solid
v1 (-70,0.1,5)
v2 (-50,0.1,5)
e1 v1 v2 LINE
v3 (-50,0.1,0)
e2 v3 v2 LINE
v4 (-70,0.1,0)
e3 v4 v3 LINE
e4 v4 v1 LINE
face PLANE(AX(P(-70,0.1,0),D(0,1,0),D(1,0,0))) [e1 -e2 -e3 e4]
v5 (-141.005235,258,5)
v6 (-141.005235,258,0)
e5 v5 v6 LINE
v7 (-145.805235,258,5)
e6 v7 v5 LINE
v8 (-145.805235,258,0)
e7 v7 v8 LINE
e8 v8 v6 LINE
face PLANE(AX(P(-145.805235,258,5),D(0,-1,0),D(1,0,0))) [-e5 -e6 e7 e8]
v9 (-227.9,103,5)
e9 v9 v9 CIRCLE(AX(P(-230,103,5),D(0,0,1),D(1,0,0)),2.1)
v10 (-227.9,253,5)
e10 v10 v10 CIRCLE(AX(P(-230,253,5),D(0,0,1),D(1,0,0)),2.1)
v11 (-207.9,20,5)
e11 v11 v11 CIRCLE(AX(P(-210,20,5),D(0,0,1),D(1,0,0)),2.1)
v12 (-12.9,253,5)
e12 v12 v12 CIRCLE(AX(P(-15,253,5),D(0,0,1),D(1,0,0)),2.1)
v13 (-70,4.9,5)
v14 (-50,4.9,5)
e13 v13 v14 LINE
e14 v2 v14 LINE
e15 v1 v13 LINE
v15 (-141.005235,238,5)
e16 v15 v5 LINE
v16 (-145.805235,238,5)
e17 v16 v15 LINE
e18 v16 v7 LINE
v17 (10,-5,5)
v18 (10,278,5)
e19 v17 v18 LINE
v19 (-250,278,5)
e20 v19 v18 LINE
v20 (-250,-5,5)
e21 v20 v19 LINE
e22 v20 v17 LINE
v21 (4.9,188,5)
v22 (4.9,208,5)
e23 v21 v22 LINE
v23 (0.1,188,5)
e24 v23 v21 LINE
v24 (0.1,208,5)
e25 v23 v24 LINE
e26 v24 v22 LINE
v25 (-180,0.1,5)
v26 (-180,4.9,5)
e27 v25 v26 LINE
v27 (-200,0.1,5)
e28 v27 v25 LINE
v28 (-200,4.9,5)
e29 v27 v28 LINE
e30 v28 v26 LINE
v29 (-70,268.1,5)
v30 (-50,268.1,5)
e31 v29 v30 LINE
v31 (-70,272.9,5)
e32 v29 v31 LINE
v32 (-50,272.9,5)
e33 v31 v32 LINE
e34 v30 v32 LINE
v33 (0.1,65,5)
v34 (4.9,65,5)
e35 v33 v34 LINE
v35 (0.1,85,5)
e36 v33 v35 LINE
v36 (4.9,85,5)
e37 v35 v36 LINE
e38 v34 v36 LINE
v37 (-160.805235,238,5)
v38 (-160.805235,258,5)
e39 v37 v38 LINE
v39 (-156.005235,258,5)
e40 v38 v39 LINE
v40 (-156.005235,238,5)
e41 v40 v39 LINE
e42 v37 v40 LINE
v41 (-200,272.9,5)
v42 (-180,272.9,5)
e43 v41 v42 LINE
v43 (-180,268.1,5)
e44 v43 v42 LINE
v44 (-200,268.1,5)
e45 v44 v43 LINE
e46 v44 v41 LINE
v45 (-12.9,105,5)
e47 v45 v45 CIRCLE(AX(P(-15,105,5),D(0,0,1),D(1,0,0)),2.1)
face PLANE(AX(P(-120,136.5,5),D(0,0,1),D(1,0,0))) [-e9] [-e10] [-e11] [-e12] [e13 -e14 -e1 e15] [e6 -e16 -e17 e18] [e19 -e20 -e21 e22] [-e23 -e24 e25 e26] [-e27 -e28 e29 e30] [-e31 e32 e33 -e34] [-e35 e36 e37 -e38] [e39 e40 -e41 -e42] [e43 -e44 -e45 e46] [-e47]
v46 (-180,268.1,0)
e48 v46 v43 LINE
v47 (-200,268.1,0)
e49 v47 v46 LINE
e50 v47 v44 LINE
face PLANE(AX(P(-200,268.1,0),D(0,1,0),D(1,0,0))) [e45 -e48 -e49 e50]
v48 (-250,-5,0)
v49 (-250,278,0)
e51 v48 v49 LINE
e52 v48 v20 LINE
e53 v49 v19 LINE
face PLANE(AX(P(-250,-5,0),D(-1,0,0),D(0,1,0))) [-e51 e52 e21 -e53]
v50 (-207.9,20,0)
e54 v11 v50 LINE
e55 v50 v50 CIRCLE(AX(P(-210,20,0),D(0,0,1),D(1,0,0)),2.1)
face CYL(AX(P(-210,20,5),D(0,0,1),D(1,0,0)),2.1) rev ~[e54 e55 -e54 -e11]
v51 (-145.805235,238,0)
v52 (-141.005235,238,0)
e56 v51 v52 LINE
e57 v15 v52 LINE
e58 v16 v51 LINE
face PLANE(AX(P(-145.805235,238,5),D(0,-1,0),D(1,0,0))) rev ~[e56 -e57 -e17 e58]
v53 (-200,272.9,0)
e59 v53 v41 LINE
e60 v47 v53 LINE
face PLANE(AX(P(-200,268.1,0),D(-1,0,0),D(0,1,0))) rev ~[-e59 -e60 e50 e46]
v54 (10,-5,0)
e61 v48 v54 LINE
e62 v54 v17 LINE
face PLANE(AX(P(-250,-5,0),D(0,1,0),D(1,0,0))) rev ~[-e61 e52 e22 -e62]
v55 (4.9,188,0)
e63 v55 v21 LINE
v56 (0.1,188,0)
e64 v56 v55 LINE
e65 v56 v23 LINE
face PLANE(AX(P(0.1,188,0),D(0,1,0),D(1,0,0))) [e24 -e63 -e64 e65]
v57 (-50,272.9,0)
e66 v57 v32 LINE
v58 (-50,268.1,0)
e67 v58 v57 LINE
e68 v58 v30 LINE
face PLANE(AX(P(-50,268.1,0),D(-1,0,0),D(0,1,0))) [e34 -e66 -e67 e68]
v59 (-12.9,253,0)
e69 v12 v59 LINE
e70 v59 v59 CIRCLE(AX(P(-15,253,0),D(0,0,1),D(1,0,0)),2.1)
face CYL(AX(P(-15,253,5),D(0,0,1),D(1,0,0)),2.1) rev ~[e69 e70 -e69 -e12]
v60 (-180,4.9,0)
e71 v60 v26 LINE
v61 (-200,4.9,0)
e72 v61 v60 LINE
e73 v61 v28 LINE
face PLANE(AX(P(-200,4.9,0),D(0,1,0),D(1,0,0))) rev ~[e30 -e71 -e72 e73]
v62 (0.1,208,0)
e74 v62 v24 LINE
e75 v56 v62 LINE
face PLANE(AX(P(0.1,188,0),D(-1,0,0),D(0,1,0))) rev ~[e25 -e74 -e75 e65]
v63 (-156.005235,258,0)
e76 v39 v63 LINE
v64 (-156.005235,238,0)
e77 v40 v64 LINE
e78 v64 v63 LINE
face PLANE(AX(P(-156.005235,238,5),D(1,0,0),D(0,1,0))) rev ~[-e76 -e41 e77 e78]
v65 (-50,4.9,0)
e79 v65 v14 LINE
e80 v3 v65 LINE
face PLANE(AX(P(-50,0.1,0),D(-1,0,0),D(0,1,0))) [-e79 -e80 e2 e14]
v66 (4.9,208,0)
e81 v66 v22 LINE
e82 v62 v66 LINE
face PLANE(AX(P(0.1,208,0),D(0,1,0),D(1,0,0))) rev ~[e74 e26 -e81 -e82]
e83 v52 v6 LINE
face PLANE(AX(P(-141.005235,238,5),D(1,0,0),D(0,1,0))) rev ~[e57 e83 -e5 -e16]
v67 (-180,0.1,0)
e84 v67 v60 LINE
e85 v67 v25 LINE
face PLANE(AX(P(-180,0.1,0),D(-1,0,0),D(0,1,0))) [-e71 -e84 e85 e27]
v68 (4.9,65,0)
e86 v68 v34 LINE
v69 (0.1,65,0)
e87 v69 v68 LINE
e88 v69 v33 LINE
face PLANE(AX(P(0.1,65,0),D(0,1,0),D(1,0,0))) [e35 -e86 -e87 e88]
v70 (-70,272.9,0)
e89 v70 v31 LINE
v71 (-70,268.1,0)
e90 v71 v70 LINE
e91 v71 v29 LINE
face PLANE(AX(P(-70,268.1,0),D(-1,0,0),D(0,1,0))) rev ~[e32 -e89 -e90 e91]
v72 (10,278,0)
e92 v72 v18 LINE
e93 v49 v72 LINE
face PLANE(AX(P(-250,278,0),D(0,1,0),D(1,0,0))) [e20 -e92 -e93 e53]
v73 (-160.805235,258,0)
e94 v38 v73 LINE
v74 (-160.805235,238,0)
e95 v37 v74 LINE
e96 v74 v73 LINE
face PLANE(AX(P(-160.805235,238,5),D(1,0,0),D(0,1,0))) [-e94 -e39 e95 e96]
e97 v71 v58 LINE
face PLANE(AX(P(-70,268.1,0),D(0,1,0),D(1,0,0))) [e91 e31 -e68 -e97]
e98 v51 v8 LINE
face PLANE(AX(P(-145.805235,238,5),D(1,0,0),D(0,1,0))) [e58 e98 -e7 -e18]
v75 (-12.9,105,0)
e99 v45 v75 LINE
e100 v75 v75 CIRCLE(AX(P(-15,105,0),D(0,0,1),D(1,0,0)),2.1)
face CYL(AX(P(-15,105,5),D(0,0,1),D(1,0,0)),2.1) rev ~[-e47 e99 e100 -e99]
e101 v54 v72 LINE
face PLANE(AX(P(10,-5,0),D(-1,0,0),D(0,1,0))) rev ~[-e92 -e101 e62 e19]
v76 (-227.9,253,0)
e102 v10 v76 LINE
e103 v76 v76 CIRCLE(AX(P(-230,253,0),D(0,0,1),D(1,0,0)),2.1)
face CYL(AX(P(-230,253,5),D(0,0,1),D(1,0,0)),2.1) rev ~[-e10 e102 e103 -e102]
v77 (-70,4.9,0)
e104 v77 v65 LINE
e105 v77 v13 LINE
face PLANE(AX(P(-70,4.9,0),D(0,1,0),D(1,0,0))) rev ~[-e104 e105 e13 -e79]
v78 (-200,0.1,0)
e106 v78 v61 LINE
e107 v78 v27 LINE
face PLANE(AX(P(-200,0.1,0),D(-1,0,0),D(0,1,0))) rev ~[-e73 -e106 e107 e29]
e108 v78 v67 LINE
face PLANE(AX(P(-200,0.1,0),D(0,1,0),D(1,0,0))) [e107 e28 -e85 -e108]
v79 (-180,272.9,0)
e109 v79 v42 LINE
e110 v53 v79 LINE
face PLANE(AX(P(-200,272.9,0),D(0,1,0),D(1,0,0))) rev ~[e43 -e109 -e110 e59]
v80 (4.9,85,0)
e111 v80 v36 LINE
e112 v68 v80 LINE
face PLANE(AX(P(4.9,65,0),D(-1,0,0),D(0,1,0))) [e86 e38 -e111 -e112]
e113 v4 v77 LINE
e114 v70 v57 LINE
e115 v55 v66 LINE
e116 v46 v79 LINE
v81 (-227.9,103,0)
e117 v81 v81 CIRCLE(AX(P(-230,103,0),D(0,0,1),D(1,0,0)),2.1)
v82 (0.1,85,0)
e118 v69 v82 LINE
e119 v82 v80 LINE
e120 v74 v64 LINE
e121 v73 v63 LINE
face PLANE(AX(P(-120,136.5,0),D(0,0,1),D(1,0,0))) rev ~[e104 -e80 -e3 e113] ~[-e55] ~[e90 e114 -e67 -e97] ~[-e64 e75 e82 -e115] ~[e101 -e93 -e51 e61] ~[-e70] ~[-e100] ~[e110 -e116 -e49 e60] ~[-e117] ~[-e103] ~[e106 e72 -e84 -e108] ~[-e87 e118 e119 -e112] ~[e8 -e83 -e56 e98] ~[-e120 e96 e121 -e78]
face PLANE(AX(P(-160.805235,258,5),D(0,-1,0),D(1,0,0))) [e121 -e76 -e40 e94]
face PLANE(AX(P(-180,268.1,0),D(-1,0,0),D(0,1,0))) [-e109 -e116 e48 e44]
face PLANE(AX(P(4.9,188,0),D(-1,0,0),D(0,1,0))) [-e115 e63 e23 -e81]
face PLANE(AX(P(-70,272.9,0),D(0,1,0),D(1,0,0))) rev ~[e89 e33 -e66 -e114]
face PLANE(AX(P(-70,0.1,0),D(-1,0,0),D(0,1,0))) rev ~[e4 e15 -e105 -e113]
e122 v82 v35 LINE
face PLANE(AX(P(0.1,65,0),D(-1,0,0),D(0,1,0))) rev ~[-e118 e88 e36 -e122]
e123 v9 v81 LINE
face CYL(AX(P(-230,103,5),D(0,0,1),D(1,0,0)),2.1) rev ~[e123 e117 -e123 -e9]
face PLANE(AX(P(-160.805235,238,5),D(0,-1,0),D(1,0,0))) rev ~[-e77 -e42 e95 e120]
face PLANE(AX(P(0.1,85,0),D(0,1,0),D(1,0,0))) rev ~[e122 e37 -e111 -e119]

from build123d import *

# Parameters (mm, degrees)
SKETCH1_W           = 260
SKETCH1_H           = 283
SKETCH1_W_2         = 20
SKETCH1_H_2         = 4.8
SKETCH1_W_3         = 4.8
SKETCH1_H_3         = 20
BOSS_EXTRUDE1_DEPTH = 5
SKETCH2_W           = 4.8
SKETCH2_H           = 20
CUT_EXTRUDE1_DEPTH  = 5
SKETCH3_R           = 2.1
CUT_EXTRUDE2_DEPTH  = 5
SKETCH4_R           = 2.1
CUT_EXTRUDE3_DEPTH  = 5
SKETCH5_R           = 2.1
CUT_EXTRUDE4_DEPTH  = 5
SKETCH6_R           = 2.1
CUT_EXTRUDE5_DEPTH  = 5


with BuildPart() as part:
    # Sketch1 → Boss-Extrude1 (new body)
    with BuildSketch(Plane.XY):
        with Locations((-120, 136.5)):
            Rectangle(SKETCH1_W, SKETCH1_H)
        with Locations((-190, 2.5)):
            Rectangle(SKETCH1_W_2, SKETCH1_H_2, mode=Mode.SUBTRACT)
        with Locations((-60, 2.5)):
            Rectangle(SKETCH1_W_2, SKETCH1_H_2, mode=Mode.SUBTRACT)
        with Locations((2.5, 75)):
            Rectangle(SKETCH1_W_3, SKETCH1_H_3, mode=Mode.SUBTRACT)
        with Locations((2.5, 198)):
            Rectangle(SKETCH1_W_3, SKETCH1_H_3, mode=Mode.SUBTRACT)
        with Locations((-60, 270.5)):
            Rectangle(SKETCH1_W_2, SKETCH1_H_2, mode=Mode.SUBTRACT)
        with Locations((-190, 270.5)):
            Rectangle(SKETCH1_W_2, SKETCH1_H_2, mode=Mode.SUBTRACT)
    extrude(amount=BOSS_EXTRUDE1_DEPTH)

    # Sketch2 → Cut-Extrude1 (cut)
    with BuildSketch(Plane.XY.offset(5)):
        with Locations((-143.405234687, 248)):
            Rectangle(SKETCH2_W, SKETCH2_H)
        with Locations((-158.405234687, 248)):
            Rectangle(SKETCH2_W, SKETCH2_H)
    extrude(amount=-CUT_EXTRUDE1_DEPTH, mode=Mode.SUBTRACT)

    # Sketch3 → Cut-Extrude2 (cut)
    with BuildSketch(Plane.XY.offset(5)):
        with Locations((-230, 253)):
            Circle(SKETCH3_R)
        with Locations((-15, 253)):
            Circle(SKETCH3_R)
    extrude(amount=-CUT_EXTRUDE2_DEPTH, mode=Mode.SUBTRACT)

    # Sketch4 → Cut-Extrude3 (cut)
    with BuildSketch(Plane.XY.offset(5)):
        with Locations((-210, 20)):
            Circle(SKETCH4_R)
    extrude(amount=-CUT_EXTRUDE3_DEPTH, mode=Mode.SUBTRACT)

    # Sketch5 → Cut-Extrude4 (cut)
    with BuildSketch(Plane.XY.offset(5)):
        with Locations((-15, 105)):
            Circle(SKETCH5_R)
    extrude(amount=-CUT_EXTRUDE4_DEPTH, mode=Mode.SUBTRACT)

    # Sketch6 → Cut-Extrude5 (cut)
    with BuildSketch(Plane.XY.offset(5)):
        with Locations((-230, 103)):
            Circle(SKETCH6_R)
    extrude(amount=-CUT_EXTRUDE5_DEPTH, mode=Mode.SUBTRACT)


solid = part.part
